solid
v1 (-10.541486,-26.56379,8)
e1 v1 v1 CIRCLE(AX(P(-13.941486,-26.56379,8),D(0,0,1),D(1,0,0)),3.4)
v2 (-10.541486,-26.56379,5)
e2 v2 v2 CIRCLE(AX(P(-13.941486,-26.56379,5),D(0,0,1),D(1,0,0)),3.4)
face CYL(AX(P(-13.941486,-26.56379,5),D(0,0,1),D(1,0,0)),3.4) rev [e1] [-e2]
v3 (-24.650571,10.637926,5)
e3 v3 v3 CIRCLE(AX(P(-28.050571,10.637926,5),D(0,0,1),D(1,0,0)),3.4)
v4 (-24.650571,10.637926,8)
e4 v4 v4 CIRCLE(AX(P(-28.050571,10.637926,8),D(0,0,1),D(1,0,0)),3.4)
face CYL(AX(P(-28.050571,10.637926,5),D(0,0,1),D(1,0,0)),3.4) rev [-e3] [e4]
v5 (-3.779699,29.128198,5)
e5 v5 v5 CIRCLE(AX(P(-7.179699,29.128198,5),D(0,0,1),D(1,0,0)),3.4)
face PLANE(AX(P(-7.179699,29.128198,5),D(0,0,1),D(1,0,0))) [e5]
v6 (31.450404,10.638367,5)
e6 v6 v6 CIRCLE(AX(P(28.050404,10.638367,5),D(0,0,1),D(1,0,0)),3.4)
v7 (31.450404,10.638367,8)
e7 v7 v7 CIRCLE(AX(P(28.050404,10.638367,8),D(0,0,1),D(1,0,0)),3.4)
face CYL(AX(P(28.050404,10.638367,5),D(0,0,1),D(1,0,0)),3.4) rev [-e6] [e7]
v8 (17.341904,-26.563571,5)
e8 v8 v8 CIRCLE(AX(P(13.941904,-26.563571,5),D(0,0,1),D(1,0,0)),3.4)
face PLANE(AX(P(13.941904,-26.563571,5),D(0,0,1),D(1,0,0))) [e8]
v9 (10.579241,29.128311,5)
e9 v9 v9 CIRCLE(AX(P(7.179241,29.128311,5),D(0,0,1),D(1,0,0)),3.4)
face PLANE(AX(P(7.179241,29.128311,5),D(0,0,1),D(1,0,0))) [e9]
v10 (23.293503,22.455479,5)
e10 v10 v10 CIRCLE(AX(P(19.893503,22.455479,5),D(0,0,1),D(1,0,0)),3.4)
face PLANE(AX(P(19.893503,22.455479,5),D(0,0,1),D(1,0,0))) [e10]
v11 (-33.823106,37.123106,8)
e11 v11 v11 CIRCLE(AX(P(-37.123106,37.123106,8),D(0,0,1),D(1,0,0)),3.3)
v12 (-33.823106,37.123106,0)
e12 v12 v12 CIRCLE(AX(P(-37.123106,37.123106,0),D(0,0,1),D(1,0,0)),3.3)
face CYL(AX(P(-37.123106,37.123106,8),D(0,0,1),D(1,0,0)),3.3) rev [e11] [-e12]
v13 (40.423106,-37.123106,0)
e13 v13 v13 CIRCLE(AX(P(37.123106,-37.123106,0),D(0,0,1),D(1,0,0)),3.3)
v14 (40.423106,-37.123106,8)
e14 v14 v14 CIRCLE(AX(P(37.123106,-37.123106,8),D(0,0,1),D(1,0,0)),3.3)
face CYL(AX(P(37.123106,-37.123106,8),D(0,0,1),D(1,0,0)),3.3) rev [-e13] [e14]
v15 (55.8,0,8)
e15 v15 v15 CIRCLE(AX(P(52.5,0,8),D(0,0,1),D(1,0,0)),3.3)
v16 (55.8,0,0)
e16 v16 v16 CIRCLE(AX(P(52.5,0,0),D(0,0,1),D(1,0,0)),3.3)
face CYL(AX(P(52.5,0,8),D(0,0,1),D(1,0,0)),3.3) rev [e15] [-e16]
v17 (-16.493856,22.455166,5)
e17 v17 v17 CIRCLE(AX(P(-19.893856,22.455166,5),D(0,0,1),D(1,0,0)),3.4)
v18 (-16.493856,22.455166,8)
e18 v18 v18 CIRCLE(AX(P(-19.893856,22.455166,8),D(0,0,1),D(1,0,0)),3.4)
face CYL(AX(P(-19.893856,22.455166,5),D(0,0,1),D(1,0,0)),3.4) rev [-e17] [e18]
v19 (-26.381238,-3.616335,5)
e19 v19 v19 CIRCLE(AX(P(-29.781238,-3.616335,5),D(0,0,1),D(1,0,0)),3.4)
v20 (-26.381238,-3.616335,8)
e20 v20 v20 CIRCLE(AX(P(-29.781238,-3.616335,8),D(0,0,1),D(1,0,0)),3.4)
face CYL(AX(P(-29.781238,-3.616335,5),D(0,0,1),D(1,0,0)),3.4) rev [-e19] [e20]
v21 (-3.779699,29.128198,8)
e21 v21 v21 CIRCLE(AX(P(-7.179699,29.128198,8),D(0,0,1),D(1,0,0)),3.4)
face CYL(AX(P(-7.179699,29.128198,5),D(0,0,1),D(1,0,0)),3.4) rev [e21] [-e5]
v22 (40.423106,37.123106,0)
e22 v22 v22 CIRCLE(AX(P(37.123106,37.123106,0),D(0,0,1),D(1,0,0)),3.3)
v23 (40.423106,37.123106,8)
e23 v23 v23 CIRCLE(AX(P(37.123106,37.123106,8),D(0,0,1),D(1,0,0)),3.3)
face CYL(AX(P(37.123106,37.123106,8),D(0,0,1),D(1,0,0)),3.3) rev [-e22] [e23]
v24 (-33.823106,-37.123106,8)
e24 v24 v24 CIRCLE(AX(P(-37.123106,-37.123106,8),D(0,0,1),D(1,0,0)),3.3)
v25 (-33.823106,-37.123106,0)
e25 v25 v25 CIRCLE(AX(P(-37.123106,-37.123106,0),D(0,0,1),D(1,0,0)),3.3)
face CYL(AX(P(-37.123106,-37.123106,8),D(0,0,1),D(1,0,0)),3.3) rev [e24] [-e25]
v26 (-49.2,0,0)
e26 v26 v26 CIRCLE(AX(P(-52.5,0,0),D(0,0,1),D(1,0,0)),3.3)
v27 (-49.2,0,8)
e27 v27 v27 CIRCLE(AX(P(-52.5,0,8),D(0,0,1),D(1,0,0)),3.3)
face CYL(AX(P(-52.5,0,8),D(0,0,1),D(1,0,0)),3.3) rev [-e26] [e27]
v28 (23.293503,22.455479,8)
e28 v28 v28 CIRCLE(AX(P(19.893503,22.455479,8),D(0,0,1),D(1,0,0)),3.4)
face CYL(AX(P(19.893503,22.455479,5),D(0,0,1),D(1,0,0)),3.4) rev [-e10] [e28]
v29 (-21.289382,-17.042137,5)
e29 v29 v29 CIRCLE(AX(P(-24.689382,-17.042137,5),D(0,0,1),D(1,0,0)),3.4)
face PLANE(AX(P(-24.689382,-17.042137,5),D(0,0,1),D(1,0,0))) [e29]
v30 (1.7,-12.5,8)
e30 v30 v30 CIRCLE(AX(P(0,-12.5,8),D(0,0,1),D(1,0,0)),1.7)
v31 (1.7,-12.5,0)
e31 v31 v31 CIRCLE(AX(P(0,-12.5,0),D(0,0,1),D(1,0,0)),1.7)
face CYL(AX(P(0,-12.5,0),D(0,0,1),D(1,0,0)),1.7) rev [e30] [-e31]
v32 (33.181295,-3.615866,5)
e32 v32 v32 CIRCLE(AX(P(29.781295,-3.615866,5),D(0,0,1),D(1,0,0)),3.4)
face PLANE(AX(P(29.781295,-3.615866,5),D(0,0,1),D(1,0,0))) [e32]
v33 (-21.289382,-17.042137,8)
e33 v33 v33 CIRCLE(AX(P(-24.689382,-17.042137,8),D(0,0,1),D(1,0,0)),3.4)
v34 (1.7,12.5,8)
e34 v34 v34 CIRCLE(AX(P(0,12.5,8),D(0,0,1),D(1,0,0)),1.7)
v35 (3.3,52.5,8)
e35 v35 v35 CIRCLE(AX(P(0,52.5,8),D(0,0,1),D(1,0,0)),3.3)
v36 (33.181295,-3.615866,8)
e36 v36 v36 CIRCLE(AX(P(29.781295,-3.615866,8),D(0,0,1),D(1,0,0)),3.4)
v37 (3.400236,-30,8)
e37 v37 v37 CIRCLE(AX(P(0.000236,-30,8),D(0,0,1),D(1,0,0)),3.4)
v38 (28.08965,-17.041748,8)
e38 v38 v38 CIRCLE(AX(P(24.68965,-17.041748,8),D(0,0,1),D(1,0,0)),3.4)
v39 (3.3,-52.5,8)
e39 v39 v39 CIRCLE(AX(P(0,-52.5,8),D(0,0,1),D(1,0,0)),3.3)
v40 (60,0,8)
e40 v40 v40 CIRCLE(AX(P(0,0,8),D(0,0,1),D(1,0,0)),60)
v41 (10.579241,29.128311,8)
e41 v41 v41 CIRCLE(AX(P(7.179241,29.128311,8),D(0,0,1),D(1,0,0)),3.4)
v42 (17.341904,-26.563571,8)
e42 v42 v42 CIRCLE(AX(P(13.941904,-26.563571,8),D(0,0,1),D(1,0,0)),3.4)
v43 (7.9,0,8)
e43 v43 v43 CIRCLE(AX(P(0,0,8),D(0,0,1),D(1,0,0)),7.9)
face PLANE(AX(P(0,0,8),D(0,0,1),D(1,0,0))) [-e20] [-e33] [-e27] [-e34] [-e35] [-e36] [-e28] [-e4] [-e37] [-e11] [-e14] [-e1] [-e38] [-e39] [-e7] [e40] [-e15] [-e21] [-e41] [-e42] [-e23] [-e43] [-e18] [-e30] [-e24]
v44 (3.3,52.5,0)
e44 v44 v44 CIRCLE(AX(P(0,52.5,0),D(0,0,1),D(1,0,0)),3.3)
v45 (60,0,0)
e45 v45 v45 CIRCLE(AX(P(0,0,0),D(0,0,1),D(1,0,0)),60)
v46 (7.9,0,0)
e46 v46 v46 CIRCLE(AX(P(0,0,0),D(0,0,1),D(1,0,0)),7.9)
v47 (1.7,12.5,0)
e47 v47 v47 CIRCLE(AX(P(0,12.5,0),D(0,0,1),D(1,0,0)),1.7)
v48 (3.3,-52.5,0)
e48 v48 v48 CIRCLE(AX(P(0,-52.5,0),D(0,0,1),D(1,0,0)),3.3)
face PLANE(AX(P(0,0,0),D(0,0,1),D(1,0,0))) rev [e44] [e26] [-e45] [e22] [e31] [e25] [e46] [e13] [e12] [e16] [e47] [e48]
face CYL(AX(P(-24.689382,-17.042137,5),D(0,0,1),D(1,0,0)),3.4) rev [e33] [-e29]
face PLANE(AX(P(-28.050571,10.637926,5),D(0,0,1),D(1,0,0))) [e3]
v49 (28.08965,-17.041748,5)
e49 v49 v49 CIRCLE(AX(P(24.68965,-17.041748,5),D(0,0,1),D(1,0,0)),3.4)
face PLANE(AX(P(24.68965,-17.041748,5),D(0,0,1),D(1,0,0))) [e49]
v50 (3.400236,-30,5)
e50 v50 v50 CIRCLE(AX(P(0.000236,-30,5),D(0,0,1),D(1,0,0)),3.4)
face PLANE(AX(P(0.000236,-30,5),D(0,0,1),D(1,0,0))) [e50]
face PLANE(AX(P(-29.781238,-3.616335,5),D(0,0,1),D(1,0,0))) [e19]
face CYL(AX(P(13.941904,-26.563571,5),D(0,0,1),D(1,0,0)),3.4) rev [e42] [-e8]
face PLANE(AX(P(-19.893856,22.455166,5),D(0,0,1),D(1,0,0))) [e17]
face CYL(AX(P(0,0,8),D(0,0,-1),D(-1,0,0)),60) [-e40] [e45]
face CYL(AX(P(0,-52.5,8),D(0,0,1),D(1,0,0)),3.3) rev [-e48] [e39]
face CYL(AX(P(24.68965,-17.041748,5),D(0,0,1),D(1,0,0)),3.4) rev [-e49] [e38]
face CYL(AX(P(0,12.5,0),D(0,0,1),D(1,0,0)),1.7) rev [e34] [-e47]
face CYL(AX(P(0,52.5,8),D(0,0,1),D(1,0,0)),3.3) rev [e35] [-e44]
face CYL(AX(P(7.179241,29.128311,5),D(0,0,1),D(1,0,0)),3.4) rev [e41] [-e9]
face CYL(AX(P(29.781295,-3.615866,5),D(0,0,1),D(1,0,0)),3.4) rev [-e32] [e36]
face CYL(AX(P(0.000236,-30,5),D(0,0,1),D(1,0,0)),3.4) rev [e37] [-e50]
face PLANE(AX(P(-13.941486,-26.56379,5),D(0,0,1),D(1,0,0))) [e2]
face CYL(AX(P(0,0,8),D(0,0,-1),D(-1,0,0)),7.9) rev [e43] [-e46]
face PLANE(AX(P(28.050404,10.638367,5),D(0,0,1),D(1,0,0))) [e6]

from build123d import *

# Parameters (mm, degrees)
SKETCH1_R            = 60
SKETCH1_R_2          = 7.9
BOSS_EXTRUDE1_DEPTH  = 8
SKETCH2_R            = 1.7
CUT_EXTRUDE1_DEPTH   = 9
SKETCH3_R            = 3.4
CUT_EXTRUDE2_DEPTH   = 3
M6_CLEARANCE_HOLE1_D = 6.6


with BuildPart() as part:
    # Sketch1 → Boss-Extrude1 (new body)
    with BuildSketch(Plane.XY):
        Circle(SKETCH1_R)
        Circle(SKETCH1_R_2, mode=Mode.SUBTRACT)
    extrude(amount=BOSS_EXTRUDE1_DEPTH)

    # Sketch2 → Cut-Extrude1 (cut, through all)
    with BuildSketch(Plane.XY.offset(8)):
        with Locations((0, 12.5)):
            Circle(SKETCH2_R)
        with Locations((0, -12.5)):
            Circle(SKETCH2_R)
    extrude(amount=-CUT_EXTRUDE1_DEPTH, mode=Mode.SUBTRACT)

    # Sketch3 → Cut-Extrude2 (cut)
    with BuildSketch(Plane.XY.offset(8)):
        with Locations((29.781294677, -3.615866061)):
            Circle(SKETCH3_R)
        with Locations((24.689650078, -17.041748121)):
            Circle(SKETCH3_R)
        with Locations((13.941904189, -26.563571062)):
            Circle(SKETCH3_R)
        with Locations((0.000236068, -29.999999999)):
            Circle(SKETCH3_R)
        with Locations((-13.941486133, -26.563790475)):
            Circle(SKETCH3_R)
        with Locations((-24.689381874, -17.042136682)):
            Circle(SKETCH3_R)
        with Locations((-29.781237767, -3.616334754)):
            Circle(SKETCH3_R)
        with Locations((-28.050570991, 10.637925883)):
            Circle(SKETCH3_R)
        with Locations((-19.893856446, 22.455165902)):
            Circle(SKETCH3_R)
        with Locations((-7.179699137, 29.128198027)):
            Circle(SKETCH3_R)
        with Locations((7.17924072, 29.128311017)):
            Circle(SKETCH3_R)
        with Locations((19.893503047, 22.455478987)):
            Circle(SKETCH3_R)
        with Locations((28.050403569, 10.638367338)):
            Circle(SKETCH3_R)
    extrude(amount=-CUT_EXTRUDE2_DEPTH, mode=Mode.SUBTRACT)

    # M6 Clearance Hole1 (through all)
    with Locations(Plane.XY.offset(8)):
        with Locations((-37.123106012, 37.123106012), (0, 52.5), (37.123106012, 37.123106012), (52.5, 0), (37.123106012, -37.123106012), (0, -52.5), (-37.123106012, -37.123106012), (-52.5, 0)):
            Hole(M6_CLEARANCE_HOLE1_D / 2)


solid = part.part
